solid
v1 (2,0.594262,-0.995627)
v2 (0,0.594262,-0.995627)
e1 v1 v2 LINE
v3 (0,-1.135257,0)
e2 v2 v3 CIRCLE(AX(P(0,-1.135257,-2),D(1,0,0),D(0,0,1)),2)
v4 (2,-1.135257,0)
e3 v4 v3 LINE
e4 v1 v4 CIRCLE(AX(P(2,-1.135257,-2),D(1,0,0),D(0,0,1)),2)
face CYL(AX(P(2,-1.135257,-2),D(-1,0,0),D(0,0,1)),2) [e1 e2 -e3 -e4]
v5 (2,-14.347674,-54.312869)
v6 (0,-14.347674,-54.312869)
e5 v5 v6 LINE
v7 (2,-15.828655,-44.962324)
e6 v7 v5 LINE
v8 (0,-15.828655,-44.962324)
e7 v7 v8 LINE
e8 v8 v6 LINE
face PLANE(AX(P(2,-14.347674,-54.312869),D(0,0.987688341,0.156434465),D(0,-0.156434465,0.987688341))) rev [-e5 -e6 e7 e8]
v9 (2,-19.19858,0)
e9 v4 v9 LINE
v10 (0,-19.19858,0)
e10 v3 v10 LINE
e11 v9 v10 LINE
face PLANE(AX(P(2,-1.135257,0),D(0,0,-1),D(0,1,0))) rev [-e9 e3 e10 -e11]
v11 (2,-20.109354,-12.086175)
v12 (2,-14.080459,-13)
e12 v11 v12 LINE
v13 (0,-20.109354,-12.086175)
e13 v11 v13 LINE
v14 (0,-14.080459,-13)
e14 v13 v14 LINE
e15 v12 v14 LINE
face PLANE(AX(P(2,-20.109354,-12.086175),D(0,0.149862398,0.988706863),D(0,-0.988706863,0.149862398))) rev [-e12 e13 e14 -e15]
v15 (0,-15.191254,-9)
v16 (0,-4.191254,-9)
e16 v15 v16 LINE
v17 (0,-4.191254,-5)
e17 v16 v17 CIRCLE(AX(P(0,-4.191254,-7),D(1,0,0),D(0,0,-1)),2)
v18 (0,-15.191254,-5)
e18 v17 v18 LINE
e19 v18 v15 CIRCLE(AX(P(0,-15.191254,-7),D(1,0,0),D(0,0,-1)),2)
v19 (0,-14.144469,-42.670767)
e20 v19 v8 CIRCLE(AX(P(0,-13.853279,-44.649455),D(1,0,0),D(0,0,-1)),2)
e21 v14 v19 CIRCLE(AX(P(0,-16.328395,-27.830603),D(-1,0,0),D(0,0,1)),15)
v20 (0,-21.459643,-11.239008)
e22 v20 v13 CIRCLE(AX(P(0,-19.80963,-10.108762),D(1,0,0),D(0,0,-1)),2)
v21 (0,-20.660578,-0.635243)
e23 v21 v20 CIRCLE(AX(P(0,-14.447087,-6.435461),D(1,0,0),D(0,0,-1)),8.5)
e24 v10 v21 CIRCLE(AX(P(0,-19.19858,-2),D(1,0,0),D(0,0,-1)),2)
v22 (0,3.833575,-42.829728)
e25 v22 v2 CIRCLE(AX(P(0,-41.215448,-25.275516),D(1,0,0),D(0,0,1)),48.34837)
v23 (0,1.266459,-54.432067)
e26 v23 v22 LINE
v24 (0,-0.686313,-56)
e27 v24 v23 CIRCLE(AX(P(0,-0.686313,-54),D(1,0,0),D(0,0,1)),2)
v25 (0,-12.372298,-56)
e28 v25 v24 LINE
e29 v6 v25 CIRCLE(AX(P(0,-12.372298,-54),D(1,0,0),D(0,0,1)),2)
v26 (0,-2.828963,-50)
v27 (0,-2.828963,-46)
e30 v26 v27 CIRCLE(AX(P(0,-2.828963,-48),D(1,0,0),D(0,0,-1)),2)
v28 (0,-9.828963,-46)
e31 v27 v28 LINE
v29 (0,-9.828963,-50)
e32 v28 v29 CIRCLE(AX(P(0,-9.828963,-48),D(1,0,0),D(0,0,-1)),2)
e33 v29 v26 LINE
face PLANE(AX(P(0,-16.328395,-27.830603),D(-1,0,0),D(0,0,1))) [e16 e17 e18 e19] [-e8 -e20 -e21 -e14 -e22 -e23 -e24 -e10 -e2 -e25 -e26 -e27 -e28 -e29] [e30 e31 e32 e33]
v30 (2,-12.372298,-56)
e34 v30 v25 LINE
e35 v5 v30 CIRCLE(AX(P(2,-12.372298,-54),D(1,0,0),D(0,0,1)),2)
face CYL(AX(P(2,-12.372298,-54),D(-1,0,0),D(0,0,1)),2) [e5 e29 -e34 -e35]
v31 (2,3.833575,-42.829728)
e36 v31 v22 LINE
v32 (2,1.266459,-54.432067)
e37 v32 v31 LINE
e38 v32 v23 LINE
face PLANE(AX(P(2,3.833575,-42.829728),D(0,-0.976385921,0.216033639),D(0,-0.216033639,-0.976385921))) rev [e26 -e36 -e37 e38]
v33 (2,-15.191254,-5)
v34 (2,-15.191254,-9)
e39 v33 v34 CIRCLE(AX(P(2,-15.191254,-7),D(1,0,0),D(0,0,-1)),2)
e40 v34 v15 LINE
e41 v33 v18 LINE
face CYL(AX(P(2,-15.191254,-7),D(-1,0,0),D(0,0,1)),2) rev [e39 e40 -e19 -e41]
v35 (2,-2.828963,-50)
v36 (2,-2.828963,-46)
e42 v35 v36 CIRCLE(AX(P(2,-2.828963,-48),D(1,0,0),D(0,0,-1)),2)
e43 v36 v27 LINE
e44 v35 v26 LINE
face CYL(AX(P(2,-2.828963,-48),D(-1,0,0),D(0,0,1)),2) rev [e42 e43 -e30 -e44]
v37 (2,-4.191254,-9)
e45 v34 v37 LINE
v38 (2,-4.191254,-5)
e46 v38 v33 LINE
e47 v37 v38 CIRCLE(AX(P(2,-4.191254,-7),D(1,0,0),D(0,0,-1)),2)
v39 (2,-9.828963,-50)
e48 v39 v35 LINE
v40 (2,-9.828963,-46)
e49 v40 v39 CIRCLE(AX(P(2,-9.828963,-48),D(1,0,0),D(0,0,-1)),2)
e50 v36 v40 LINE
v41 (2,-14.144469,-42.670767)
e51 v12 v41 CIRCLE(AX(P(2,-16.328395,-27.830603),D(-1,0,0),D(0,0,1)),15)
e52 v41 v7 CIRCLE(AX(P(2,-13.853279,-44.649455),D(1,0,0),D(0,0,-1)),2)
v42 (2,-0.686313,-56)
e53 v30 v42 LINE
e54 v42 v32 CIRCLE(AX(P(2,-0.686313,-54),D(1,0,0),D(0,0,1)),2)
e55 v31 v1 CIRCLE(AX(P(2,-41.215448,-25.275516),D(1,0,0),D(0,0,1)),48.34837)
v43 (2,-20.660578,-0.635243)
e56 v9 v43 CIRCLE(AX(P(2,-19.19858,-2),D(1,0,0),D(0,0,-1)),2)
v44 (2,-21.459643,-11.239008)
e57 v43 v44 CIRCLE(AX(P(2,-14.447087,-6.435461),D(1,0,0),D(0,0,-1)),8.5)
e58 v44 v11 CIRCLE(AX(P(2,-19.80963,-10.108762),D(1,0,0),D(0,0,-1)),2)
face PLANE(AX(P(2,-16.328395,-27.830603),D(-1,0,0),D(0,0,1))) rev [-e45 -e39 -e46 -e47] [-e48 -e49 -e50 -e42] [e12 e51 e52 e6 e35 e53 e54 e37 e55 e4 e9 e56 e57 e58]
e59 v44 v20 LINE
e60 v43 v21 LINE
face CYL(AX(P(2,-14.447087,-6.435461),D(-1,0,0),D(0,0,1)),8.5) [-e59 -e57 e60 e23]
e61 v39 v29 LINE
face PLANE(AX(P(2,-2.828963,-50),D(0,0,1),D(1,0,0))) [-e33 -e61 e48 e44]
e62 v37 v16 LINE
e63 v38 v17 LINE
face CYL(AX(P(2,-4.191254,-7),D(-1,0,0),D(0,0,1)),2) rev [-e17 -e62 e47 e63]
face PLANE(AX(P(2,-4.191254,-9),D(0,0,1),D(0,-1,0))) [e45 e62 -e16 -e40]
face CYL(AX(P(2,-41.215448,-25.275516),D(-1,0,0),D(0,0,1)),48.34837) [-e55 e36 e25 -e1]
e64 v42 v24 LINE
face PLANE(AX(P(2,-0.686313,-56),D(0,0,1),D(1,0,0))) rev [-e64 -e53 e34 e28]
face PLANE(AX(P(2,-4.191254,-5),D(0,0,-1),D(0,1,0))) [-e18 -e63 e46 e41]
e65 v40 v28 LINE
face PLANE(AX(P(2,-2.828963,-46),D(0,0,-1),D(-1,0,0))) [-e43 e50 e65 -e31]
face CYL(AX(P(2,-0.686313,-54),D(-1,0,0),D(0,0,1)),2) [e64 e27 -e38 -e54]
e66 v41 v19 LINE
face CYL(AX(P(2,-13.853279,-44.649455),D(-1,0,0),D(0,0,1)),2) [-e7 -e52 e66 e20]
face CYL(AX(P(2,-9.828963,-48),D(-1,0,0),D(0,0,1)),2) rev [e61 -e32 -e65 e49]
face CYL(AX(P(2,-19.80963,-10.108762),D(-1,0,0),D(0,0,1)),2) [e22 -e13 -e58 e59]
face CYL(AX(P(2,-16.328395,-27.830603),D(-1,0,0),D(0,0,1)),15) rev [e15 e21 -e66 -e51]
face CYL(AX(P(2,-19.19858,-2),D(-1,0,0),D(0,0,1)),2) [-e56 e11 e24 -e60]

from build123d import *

# Parameters (mm, degrees)
RESSALTO_EXTRUS_O1_DEPTH = 2


with BuildPart() as part:
    # Esboço1 → Ressalto-extrusão1 (new body)
    with BuildSketch(Plane(origin=(0, 0, 0), x_dir=(0, 0, -1), z_dir=(1, 0, 0))):
        with BuildLine():
            Line((0, -1.135256663), (0, -19.198580097))
            ThreePointArc((0, -19.198580097), (0.165672539, -19.99560128), (0.635242767, -20.66057794))
            ThreePointArc((0.635242767, -20.66057794), (5.79673997, -22.923055217), (11.239007951, -21.459642756))
            ThreePointArc((11.239007951, -21.459642756), (11.802930255, -20.872546688), (12.086175338, -20.109354458))
            Line((12.086175338, -20.109354458), (13, -14.080459117))
            ThreePointArc((13, -14.080459117), (27.8629628, -1.328429998), (42.670766881, -14.144468704))
            ThreePointArc((42.670766881, -14.144468704), (43.465031593, -15.464843047), (44.962324336, -15.8286552))
            Line((44.962324336, -15.8286552), (54.31286893, -14.347674427))
            ThreePointArc((54.31286893, -14.347674427), (55.520811931, -13.671193843), (56, -12.372297746))
            Line((56, -12.372297746), (56, -0.68631259))
            ThreePointArc((56, -0.68631259), (55.559508665, 0.565858613), (54.432067277, 1.266459252))
            Line((54.432067277, 1.266459252), (42.829728449, 3.833574795))
            ThreePointArc((42.829728449, 3.833574795), (21.542961045, 6.988627316), (0.995627431, 0.594262271))
            ThreePointArc((0.995627431, 0.594262271), (0.2666874, -0.137445342), (0, -1.135256663))
        make_face()
        with BuildLine():
            Line((9, -4.191253682), (9, -15.191253682))
            ThreePointArc((9, -15.191253682), (7, -17.191253682), (5, -15.191253682))
            Line((5, -15.191253682), (5, -4.191253682))
            ThreePointArc((5, -4.191253682), (7, -2.191253682), (9, -4.191253682))
        make_face(mode=Mode.SUBTRACT)
        with BuildLine():
            Line((50, -2.828963065), (50, -9.828963065))
            ThreePointArc((50, -9.828963065), (48, -11.828963065), (46, -9.828963065))
            Line((46, -9.828963065), (46, -2.828963065))
            ThreePointArc((46, -2.828963065), (48, -0.828963065), (50, -2.828963065))
        make_face(mode=Mode.SUBTRACT)
    extrude(amount=RESSALTO_EXTRUS_O1_DEPTH)


solid = part.part
